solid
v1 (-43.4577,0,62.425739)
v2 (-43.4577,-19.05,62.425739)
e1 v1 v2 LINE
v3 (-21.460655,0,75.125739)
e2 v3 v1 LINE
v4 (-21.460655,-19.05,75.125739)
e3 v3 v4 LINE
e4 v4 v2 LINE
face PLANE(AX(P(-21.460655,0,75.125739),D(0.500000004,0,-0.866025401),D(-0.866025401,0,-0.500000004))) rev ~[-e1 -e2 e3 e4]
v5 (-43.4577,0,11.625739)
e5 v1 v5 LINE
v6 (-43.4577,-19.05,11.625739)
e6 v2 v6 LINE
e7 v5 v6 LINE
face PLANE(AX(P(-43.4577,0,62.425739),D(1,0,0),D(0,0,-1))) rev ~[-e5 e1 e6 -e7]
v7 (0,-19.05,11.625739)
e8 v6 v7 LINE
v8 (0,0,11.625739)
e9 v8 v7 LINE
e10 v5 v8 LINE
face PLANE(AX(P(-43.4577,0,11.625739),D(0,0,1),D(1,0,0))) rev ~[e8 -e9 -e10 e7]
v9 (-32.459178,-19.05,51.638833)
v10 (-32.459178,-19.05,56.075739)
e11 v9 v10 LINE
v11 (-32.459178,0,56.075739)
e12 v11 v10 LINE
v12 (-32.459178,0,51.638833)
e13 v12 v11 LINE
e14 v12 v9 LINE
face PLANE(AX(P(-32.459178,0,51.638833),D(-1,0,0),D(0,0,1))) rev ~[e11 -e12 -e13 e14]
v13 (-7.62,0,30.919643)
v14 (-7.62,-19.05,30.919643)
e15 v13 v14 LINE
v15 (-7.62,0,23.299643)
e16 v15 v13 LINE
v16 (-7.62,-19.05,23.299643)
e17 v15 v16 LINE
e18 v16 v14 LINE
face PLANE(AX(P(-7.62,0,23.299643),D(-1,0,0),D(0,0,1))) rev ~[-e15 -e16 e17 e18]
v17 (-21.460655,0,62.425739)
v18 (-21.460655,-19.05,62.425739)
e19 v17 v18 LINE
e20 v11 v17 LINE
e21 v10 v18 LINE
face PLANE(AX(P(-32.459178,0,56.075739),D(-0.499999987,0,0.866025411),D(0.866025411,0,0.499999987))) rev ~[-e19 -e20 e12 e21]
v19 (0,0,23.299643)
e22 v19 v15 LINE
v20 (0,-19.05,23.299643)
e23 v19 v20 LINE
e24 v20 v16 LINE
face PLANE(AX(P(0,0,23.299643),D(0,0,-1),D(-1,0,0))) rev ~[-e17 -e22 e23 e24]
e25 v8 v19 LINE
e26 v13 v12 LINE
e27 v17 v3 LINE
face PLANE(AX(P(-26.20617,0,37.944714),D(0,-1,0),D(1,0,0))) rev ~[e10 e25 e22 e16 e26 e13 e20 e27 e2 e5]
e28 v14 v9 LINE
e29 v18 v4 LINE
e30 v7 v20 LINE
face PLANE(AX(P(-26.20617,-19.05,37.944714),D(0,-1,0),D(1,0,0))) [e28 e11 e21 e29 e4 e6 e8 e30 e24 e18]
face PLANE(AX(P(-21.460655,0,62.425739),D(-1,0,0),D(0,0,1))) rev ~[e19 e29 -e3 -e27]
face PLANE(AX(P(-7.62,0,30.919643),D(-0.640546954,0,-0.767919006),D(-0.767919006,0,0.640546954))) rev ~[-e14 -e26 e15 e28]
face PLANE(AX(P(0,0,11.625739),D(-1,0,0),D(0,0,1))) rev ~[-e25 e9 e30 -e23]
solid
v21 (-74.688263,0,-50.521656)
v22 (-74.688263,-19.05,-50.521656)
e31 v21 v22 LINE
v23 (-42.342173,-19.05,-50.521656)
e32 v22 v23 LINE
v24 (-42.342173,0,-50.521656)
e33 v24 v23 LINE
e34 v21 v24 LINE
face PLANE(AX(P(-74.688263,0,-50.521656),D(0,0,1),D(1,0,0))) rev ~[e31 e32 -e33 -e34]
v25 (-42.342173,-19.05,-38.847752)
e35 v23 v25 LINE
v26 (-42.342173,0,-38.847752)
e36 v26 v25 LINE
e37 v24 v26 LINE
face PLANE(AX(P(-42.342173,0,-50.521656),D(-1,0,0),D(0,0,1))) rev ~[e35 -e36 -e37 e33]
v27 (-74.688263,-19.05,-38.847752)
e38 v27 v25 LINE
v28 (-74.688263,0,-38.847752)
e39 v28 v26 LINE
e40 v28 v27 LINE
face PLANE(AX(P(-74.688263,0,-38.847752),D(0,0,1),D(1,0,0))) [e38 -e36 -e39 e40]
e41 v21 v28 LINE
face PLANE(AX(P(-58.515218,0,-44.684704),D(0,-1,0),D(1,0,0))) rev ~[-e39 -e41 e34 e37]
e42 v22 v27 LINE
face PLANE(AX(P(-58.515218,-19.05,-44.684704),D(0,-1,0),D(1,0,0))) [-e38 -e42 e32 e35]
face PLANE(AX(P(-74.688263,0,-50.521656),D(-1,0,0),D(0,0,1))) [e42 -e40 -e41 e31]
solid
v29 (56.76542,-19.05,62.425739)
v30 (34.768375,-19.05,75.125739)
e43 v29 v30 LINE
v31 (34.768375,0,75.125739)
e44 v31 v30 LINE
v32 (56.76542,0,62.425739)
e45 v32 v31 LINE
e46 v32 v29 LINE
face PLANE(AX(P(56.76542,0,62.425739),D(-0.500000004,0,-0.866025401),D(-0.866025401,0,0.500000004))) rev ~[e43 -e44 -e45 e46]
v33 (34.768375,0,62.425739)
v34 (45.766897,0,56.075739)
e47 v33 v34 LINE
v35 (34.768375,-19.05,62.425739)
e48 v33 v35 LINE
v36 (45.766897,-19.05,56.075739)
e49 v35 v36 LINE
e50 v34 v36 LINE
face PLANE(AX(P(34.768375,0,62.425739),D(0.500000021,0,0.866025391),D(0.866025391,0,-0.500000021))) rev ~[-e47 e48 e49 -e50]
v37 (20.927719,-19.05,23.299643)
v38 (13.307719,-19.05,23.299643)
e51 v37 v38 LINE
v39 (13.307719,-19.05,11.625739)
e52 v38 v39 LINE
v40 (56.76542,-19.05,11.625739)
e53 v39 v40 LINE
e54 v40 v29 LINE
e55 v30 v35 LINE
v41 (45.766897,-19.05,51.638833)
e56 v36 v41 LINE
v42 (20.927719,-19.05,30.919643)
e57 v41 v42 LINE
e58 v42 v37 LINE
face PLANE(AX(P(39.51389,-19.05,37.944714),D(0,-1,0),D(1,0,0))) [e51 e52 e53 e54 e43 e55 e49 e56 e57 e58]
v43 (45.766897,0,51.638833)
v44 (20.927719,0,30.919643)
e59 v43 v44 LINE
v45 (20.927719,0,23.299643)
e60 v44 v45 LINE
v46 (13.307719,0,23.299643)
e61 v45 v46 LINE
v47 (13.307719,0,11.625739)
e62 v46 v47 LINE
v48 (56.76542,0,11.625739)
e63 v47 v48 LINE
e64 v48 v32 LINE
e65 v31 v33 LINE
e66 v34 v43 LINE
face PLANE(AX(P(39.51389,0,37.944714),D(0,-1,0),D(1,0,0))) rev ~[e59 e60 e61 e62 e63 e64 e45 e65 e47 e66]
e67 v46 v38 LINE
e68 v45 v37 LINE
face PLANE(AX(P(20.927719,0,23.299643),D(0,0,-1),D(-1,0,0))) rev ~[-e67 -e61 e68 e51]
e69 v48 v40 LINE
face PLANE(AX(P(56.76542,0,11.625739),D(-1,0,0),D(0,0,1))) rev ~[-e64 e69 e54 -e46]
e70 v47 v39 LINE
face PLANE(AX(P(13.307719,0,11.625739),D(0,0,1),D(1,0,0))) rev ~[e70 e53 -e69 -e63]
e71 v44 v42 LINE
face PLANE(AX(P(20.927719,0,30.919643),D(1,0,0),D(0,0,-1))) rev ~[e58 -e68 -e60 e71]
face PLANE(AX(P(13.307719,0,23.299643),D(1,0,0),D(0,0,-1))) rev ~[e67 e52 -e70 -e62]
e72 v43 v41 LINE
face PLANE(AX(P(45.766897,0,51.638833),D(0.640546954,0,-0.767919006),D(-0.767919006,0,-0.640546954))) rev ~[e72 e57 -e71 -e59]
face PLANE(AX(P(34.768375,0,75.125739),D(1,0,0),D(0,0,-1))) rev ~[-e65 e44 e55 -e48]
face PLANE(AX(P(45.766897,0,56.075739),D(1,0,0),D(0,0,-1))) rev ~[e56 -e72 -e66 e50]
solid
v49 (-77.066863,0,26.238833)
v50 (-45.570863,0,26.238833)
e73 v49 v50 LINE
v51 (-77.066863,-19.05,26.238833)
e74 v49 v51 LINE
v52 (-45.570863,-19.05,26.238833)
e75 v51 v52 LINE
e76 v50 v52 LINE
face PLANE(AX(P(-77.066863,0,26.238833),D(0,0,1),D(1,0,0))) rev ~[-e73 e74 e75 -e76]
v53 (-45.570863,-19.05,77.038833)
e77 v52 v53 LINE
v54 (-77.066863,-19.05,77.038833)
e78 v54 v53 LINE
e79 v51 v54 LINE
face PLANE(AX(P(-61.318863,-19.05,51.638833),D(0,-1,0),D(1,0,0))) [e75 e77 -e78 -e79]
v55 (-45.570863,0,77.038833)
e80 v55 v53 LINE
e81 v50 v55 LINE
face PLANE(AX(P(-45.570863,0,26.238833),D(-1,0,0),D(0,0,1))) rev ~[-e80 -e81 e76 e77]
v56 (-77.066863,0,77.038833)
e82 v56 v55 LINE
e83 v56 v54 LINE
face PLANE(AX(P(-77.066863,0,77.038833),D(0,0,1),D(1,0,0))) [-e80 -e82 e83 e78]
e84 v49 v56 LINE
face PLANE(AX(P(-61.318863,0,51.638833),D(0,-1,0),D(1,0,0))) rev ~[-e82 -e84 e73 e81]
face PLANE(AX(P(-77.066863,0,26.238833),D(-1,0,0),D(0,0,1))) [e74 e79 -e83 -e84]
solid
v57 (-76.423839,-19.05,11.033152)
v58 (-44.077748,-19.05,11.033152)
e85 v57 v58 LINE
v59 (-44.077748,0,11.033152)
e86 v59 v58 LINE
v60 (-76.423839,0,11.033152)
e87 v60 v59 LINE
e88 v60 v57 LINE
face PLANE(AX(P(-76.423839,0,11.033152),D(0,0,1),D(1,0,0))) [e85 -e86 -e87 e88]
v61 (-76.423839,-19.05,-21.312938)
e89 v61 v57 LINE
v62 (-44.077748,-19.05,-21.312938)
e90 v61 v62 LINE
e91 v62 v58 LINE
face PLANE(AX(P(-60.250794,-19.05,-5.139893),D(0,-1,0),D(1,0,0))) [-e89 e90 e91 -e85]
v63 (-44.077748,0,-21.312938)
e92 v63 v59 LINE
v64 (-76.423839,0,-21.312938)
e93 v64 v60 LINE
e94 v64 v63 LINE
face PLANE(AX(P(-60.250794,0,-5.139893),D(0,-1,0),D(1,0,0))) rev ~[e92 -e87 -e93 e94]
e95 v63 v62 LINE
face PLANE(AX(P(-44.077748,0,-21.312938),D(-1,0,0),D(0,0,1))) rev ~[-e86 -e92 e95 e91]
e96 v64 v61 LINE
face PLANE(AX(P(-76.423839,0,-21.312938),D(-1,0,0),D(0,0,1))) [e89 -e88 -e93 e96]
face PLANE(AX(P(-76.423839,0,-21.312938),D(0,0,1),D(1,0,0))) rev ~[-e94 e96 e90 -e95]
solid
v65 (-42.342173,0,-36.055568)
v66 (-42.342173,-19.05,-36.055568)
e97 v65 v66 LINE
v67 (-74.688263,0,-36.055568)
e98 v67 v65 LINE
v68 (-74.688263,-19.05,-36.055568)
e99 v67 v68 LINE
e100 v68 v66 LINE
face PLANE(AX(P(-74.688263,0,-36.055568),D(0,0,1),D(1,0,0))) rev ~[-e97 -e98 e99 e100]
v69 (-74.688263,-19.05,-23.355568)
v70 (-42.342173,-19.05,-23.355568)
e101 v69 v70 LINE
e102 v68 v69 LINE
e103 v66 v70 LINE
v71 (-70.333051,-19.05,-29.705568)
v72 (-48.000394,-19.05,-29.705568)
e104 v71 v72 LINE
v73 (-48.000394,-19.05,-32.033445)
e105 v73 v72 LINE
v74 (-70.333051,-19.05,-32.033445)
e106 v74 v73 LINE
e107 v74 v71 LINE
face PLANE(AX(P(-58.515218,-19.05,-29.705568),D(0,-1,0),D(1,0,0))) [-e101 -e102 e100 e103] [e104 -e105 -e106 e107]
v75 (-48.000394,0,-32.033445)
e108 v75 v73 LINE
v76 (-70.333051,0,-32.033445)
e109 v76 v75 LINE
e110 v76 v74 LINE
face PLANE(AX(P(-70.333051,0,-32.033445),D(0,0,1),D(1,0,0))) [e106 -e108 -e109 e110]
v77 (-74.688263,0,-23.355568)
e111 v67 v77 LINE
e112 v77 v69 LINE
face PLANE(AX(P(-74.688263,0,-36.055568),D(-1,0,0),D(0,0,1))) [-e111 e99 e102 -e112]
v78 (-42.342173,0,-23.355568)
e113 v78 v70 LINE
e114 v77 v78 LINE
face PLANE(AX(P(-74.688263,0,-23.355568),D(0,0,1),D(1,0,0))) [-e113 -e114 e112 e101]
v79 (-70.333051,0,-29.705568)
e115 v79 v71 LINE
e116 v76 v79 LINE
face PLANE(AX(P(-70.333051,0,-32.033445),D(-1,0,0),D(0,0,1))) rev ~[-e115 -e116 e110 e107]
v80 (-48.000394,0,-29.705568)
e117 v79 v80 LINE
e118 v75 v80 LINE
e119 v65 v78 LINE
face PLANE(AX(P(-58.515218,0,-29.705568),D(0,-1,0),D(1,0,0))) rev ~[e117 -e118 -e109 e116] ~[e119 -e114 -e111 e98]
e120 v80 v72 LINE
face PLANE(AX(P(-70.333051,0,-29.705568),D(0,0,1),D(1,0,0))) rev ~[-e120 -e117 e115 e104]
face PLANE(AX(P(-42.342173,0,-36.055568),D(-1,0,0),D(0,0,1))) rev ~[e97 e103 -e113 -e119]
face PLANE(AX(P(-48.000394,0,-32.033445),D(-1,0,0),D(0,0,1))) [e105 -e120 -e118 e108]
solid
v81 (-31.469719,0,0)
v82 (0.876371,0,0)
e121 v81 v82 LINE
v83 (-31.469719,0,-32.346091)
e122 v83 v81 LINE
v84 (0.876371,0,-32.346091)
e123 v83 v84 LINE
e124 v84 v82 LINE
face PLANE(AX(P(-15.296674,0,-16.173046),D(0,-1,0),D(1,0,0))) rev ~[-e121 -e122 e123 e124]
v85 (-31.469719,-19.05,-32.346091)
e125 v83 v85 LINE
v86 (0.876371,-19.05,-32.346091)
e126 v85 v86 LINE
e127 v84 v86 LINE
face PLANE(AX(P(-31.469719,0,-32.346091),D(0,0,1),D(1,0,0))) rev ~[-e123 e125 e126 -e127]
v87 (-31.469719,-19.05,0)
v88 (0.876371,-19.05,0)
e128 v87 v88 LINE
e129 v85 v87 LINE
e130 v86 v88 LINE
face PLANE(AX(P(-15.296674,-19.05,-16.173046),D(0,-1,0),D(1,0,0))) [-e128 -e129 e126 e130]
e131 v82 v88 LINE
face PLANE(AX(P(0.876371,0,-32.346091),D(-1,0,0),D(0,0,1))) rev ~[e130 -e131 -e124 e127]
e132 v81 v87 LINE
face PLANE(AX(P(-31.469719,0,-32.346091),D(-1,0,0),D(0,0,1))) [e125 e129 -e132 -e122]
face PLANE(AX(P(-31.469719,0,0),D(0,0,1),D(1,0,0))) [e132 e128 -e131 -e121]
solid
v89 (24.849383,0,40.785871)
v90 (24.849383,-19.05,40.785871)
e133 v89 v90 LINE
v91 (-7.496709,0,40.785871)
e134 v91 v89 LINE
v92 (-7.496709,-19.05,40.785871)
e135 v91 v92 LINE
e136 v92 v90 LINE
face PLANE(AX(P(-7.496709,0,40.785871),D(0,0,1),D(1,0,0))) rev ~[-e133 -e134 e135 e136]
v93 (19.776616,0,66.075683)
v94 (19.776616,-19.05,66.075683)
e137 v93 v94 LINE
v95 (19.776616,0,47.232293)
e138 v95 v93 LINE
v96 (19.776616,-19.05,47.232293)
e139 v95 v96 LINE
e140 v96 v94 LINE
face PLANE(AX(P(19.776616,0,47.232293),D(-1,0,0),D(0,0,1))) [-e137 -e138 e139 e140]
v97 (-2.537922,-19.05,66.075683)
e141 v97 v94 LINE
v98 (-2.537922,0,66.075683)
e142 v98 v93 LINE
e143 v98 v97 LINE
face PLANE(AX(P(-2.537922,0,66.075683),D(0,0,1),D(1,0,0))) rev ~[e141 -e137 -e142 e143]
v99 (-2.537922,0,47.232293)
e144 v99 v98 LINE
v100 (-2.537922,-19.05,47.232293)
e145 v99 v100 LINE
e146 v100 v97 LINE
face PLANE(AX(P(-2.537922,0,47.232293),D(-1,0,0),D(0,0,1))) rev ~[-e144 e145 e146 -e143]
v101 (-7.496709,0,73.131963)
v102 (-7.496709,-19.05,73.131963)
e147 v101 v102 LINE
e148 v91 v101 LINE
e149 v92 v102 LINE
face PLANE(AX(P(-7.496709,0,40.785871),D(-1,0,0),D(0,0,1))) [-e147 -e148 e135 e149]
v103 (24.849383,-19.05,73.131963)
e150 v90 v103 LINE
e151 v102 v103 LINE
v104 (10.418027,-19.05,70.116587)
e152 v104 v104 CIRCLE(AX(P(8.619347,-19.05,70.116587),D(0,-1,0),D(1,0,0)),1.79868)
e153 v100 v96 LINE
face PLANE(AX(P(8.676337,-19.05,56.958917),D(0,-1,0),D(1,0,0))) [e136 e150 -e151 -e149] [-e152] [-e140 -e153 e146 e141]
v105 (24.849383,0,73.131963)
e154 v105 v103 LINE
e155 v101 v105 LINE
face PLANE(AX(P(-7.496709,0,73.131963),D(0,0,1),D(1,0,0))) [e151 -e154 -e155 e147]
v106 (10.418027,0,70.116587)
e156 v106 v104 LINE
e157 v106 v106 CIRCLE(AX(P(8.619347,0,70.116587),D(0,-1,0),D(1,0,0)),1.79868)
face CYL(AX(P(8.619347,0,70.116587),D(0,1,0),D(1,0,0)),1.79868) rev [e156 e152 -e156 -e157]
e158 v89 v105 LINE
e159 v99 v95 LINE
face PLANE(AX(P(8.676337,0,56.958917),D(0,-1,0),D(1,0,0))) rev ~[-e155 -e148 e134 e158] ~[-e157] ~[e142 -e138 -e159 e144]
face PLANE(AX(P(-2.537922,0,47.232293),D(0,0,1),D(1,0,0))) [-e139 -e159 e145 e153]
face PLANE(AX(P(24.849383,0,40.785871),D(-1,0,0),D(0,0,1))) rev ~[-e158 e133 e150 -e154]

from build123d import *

# Parameters (mm, degrees)
F0_W     = 31.496
F0_H     = 50.8
F0_W_2   = 32.346091
F0_H_2   = 32.346091
F0_W_3   = 22.314538
F0_H_3   = 18.84339
F0_R     = 1.79868
F0_H_4   = 32.34609
F0_W_4   = 32.34609
F0_H_5   = 12.7
F0_W_5   = 22.332657
F0_H_6   = 2.327877
F0_H_7   = 11.673905
F1_DEPTH = 19.05


with BuildPart() as f1:
    # F0 (on Front) → F1 (new body)
    with BuildSketch(Plane.XZ):
        with Locations((-61.318863, 51.638833)):
            Rectangle(F0_W, F0_H)
        Polygon((-21.460655, 62.425739), (-21.460655, 75.125739), (-43.4577, 62.425739), (-43.4577, 11.625739), (0, 11.625739), (0, 23.299643), (-7.62, 23.299643), (-7.62, 30.919643), (-32.459178, 51.638833), (-32.459178, 56.075739), align=None)
        Polygon((56.76542, 62.425739), (34.768375, 75.125739), (34.768375, 62.425739), (45.766897, 56.075739), (45.766897, 51.638833), (20.927719, 30.919643), (20.927719, 23.299643), (13.307719, 23.299643), (13.307719, 11.625739), (56.76542, 11.625739), align=None)
        with Locations((8.676337, 56.958917)):
            Rectangle(F0_W_2, F0_H_2)
        with Locations((8.619347, 56.653988)):
            Rectangle(F0_W_3, F0_H_3, mode=Mode.SUBTRACT)
        with Locations((8.619347, 70.116587)):
            Circle(F0_R, mode=Mode.SUBTRACT)
        with Locations((-60.250794, -5.139893)):
            Rectangle(F0_W_2, F0_H_4)
        with Locations((-15.296674, -16.173046)):
            Rectangle(F0_W_4, F0_H_2)
        with Locations((-58.515218, -29.705568)):
            Rectangle(F0_W_4, F0_H_5)
        with Locations((-59.166723, -30.869506)):
            Rectangle(F0_W_5, F0_H_6, mode=Mode.SUBTRACT)
        with Locations((-58.515218, -44.684704)):
            Rectangle(F0_W_4, F0_H_7)
    extrude(amount=F1_DEPTH)


solid = f1.part
